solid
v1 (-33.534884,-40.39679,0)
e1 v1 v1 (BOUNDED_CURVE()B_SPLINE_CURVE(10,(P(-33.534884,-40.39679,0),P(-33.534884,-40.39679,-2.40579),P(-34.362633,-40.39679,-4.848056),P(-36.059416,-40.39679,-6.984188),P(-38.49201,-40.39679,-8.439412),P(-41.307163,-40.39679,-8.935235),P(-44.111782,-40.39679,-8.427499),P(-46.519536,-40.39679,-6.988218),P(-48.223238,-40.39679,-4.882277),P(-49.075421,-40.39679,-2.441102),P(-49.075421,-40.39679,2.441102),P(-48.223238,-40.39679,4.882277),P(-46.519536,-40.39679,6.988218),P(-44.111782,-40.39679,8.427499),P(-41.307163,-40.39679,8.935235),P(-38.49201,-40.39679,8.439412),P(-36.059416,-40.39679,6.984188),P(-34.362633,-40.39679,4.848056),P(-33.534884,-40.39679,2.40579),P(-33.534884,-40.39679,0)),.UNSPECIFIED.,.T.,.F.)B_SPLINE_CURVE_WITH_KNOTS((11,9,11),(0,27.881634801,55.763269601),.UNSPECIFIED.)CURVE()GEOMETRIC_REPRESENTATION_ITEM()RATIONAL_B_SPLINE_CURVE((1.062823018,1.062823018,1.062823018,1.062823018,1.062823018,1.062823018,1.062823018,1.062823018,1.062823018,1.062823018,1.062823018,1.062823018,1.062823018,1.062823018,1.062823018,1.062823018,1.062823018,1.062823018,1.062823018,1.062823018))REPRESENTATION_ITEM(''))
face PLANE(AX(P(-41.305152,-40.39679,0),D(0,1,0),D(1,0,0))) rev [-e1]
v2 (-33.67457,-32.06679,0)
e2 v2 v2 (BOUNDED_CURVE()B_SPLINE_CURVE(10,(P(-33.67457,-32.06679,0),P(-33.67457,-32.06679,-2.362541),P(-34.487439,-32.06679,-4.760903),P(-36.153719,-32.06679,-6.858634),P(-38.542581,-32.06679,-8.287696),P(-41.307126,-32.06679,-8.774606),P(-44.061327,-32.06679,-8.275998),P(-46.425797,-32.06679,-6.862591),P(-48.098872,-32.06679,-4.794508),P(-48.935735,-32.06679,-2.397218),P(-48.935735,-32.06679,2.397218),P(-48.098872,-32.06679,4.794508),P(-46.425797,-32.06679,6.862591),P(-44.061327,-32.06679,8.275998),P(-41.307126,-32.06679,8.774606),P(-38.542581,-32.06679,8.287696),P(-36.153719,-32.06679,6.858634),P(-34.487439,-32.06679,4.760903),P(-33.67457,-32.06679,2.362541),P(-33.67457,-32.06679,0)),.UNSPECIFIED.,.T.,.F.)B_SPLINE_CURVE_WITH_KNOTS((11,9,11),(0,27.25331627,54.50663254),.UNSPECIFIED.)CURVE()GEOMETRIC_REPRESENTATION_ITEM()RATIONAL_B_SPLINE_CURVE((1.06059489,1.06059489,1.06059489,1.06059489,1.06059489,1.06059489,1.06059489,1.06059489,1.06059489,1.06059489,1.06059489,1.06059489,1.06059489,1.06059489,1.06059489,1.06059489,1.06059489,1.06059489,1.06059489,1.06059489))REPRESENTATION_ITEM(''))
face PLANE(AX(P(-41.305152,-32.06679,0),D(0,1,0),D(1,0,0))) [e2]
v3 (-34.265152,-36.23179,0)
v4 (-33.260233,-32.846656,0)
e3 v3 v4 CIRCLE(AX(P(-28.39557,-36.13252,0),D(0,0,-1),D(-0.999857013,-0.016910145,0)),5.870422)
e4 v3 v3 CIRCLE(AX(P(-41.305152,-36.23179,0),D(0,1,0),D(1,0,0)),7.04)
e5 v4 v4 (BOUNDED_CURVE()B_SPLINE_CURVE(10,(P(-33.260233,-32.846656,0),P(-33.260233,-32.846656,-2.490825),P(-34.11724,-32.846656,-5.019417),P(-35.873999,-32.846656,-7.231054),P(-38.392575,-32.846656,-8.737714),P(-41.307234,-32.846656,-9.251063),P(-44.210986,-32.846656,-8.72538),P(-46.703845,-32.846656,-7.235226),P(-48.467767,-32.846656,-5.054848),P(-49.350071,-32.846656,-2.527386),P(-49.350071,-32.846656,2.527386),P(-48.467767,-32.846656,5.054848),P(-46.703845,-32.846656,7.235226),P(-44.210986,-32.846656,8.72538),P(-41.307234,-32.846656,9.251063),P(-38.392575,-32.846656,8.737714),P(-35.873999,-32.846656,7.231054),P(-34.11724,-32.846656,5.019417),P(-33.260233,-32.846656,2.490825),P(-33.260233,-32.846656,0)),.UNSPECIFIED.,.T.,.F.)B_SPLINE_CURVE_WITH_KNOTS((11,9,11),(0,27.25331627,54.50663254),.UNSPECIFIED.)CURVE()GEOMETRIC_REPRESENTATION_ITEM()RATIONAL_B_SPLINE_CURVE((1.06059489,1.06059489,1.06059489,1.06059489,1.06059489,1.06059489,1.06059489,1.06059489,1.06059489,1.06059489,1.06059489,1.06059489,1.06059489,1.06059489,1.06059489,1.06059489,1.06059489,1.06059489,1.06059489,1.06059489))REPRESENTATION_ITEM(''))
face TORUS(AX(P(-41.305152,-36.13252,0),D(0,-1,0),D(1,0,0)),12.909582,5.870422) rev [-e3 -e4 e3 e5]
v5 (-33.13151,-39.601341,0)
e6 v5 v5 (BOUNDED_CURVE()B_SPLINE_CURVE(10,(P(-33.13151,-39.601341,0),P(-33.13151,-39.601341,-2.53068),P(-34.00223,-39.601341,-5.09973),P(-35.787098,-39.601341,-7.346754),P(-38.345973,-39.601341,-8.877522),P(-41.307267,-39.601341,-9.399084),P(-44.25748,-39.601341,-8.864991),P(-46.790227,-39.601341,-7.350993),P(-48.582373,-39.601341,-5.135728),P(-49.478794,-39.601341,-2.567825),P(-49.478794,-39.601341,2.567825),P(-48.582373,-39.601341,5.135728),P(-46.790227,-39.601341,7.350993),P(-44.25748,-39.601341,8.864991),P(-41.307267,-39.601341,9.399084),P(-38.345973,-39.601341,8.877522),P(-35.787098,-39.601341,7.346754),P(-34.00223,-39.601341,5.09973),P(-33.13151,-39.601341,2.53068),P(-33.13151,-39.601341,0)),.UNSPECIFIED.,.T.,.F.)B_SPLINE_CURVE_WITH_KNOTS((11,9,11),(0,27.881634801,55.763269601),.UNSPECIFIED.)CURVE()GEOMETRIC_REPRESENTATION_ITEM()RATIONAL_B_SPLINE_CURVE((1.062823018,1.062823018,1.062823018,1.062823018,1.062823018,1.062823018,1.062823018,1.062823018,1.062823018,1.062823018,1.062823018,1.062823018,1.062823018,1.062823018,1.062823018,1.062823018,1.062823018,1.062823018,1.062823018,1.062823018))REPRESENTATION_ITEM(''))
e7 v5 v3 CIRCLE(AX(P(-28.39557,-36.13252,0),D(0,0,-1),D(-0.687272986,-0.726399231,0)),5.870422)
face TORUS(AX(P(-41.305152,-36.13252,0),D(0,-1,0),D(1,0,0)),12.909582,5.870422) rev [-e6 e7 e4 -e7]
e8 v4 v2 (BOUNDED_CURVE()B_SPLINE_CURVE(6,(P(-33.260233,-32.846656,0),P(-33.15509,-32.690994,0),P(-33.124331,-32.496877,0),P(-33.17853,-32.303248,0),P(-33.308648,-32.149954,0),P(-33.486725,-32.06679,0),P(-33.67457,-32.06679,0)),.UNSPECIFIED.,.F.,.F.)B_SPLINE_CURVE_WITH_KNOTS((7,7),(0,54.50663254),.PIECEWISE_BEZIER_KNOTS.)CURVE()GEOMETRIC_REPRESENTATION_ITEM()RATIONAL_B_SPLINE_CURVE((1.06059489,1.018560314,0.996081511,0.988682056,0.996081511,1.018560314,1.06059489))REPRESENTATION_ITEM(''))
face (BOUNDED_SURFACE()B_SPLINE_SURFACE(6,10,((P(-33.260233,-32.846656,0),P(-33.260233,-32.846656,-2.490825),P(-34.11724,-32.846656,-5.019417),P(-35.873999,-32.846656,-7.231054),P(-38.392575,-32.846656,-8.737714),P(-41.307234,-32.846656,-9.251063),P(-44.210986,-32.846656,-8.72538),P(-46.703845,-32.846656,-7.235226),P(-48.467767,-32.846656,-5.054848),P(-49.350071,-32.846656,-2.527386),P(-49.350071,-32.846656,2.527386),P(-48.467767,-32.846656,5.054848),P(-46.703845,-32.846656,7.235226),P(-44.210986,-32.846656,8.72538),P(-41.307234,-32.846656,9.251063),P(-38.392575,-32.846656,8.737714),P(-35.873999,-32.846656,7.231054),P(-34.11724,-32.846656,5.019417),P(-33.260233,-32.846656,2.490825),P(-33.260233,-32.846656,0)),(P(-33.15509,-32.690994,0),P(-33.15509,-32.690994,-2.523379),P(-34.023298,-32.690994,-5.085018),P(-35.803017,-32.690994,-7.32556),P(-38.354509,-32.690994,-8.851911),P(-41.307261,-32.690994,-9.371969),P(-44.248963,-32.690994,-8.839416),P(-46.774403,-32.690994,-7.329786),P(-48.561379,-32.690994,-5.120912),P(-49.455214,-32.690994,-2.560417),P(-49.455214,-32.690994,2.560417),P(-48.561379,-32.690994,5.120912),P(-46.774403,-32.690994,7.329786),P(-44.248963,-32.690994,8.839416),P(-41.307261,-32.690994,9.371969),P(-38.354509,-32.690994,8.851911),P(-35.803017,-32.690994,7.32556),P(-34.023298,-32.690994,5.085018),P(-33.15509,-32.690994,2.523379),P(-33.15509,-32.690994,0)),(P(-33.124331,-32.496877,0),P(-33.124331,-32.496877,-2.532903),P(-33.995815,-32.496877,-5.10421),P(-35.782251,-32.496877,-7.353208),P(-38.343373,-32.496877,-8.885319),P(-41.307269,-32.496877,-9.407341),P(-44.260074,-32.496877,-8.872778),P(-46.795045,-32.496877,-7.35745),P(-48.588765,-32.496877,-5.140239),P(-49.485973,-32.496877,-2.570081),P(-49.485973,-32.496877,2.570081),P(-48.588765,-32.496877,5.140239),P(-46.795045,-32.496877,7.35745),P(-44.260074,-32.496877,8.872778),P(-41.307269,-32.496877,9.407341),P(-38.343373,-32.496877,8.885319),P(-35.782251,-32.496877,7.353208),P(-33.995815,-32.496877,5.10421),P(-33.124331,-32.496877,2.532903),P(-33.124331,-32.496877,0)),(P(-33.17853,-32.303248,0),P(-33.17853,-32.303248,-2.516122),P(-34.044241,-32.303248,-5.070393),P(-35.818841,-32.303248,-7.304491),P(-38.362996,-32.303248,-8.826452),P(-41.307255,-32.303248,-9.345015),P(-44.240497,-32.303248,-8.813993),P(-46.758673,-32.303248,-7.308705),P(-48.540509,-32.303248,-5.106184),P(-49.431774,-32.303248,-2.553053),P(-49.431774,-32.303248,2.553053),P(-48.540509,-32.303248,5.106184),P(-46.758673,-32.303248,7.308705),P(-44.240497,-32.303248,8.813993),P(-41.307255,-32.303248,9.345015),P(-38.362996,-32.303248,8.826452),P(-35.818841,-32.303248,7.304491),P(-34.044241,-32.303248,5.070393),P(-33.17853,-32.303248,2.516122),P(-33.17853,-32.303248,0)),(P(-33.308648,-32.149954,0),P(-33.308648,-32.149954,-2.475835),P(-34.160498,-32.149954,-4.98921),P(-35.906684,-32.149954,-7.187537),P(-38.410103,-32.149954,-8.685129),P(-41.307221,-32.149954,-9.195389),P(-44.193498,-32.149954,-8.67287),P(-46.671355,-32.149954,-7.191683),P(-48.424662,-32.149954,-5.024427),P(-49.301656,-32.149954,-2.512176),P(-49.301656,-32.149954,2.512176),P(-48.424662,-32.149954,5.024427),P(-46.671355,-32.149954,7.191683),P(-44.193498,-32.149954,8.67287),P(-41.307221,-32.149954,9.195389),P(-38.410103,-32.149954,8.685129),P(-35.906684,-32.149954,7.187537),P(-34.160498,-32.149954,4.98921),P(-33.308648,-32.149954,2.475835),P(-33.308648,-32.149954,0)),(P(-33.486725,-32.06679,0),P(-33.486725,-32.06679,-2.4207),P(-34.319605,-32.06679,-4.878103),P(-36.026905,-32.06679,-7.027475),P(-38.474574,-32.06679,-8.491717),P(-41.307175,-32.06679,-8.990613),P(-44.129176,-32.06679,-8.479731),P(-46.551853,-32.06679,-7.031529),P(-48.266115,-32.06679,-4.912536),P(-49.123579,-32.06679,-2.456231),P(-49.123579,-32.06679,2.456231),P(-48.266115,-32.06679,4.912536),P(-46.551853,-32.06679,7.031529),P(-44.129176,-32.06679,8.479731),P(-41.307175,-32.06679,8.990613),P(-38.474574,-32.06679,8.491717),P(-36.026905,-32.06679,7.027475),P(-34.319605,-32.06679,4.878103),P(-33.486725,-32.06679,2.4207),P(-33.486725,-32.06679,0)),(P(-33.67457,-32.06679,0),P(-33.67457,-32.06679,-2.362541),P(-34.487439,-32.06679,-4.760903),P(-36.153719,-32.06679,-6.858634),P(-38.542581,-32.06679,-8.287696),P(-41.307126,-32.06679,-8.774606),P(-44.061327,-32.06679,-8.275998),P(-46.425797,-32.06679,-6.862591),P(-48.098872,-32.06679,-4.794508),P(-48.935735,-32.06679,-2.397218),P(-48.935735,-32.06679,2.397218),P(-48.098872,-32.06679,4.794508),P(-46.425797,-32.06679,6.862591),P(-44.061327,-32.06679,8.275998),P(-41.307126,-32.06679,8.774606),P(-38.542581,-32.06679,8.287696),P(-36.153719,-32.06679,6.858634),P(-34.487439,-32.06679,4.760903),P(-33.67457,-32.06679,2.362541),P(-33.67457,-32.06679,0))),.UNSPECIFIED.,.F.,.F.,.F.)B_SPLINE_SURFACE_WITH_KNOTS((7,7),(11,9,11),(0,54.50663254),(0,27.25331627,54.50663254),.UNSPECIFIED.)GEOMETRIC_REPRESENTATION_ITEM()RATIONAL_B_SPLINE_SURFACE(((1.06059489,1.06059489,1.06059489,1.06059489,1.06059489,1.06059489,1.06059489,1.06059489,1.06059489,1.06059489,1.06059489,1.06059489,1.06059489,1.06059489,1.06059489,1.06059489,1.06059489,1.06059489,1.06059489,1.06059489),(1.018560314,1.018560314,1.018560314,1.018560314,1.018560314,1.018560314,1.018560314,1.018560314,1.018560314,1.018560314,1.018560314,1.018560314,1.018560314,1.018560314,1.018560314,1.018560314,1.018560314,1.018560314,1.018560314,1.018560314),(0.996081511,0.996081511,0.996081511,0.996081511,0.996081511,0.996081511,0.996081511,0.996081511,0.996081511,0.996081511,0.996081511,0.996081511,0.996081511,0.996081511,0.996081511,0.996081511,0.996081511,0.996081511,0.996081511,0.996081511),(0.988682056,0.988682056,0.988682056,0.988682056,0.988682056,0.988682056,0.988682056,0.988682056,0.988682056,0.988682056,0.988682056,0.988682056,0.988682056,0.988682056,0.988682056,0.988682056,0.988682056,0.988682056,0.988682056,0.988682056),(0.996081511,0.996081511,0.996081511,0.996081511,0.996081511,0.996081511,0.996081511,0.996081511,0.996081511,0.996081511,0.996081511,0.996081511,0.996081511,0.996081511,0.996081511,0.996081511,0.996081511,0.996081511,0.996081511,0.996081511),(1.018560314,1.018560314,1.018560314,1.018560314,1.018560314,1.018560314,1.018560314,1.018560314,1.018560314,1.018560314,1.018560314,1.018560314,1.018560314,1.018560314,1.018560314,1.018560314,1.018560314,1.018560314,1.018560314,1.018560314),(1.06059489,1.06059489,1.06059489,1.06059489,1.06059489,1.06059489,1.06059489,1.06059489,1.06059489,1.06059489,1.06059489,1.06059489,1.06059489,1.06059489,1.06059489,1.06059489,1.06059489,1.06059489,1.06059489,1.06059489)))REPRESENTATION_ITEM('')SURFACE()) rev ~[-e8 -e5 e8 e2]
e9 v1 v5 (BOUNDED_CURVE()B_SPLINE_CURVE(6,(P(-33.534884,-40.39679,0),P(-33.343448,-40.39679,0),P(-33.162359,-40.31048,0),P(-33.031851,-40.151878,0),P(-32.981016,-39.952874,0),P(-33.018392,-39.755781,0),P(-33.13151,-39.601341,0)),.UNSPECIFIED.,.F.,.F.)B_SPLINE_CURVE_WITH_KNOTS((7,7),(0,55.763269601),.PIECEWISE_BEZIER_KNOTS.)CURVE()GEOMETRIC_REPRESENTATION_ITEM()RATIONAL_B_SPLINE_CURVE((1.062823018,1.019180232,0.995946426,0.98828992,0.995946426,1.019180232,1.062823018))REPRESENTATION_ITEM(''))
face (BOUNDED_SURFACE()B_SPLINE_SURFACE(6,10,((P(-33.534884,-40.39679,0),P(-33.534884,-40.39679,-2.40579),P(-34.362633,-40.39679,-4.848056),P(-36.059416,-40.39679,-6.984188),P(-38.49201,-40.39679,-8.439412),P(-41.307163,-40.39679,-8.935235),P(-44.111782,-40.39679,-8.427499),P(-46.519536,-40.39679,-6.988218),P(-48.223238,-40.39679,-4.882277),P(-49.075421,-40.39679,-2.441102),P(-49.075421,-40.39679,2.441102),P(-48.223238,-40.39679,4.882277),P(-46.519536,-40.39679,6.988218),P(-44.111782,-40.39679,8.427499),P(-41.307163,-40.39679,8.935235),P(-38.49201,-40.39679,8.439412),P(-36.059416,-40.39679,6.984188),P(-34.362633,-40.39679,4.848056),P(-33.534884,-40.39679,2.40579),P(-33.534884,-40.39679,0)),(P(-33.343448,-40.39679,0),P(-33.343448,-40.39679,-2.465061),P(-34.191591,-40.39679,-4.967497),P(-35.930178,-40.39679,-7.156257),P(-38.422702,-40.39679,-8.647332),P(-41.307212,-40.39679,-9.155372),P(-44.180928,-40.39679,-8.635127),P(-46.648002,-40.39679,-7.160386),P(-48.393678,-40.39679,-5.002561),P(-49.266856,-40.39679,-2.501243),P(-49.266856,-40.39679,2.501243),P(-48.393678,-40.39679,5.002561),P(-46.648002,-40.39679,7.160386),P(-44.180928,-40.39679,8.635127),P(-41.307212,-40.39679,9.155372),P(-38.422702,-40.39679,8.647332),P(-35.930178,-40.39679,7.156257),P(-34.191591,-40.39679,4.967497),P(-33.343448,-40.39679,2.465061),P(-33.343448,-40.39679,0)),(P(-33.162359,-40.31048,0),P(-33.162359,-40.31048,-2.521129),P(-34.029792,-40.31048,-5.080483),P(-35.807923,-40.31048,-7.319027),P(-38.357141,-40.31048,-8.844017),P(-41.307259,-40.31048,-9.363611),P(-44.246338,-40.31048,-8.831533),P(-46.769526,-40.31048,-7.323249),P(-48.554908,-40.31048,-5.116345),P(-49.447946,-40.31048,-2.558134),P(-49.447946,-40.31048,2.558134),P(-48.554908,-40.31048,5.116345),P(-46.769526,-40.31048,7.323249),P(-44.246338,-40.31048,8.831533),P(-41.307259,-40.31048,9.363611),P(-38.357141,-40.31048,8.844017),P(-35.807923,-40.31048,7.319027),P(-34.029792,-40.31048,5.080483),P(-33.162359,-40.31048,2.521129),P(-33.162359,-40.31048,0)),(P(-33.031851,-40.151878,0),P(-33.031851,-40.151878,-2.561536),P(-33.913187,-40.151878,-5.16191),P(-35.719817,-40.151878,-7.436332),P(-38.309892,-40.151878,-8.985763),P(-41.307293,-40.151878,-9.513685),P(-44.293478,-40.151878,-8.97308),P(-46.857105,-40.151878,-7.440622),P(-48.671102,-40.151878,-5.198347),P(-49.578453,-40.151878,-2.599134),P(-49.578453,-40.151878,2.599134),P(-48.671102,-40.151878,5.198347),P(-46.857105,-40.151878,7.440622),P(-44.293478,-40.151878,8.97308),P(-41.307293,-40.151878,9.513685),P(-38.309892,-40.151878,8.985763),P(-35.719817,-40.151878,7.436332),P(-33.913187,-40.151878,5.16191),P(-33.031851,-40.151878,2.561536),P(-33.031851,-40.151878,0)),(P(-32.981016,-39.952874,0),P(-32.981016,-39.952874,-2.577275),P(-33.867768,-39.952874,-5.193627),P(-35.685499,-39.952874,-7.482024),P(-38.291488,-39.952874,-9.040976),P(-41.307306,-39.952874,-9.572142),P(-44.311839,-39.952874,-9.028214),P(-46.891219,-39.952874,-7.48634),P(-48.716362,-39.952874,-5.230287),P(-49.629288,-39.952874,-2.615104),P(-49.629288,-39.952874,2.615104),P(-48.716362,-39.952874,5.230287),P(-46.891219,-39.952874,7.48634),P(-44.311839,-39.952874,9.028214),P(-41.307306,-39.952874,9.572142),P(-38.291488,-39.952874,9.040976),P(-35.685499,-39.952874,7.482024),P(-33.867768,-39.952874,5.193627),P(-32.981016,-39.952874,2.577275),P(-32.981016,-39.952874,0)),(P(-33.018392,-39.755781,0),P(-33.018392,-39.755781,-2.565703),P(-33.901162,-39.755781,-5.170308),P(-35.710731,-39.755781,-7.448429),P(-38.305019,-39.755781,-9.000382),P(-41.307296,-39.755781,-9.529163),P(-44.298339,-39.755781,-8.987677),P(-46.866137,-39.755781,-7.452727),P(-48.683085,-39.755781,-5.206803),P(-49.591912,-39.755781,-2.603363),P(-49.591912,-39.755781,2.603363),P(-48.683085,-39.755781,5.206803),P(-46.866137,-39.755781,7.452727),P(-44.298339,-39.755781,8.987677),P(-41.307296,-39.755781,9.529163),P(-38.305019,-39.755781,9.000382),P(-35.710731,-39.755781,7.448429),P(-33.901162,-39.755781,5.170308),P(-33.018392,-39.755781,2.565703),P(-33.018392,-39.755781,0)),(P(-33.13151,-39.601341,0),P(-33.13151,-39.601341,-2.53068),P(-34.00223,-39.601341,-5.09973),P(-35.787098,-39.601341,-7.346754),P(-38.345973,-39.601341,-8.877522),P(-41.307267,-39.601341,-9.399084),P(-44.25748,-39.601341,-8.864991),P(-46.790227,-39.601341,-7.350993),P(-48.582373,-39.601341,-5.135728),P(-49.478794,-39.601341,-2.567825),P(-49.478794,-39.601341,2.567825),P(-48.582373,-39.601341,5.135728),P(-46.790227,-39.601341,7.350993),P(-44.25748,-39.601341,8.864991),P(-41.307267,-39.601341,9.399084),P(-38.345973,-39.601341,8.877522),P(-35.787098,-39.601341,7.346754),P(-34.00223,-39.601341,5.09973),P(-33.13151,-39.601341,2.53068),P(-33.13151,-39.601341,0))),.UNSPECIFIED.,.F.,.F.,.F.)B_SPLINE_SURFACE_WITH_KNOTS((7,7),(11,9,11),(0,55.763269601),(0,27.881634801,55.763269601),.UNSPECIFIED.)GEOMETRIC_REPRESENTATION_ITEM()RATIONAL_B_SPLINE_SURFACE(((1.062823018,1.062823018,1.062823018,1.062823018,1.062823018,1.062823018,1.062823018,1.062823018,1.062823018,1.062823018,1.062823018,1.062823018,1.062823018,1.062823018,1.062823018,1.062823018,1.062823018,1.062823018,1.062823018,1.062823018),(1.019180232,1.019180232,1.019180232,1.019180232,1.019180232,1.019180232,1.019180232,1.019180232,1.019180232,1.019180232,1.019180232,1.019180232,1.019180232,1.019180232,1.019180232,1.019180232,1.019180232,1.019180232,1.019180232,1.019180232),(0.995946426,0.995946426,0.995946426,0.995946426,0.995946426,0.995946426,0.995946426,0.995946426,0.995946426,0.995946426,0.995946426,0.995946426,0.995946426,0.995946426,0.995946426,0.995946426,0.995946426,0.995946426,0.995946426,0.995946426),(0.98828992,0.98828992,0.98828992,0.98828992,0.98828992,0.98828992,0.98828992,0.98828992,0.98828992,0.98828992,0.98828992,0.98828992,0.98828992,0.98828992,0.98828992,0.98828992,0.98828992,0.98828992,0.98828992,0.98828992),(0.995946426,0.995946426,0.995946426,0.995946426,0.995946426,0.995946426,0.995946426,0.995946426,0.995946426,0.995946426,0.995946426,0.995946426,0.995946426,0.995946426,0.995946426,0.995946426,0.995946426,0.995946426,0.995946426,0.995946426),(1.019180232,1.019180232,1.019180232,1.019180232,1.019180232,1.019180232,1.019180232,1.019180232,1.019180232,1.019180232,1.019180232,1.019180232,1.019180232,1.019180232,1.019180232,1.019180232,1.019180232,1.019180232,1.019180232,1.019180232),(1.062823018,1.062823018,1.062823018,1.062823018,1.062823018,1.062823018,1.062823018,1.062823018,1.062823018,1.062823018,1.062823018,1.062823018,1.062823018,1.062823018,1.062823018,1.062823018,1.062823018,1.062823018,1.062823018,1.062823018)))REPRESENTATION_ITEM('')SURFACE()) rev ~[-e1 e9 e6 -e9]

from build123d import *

# Parameters (mm, degrees)
F2_R = 0.5


with BuildPart() as f1:
    # F0 (on Top) → F1 (revolve)
    with BuildSketch(Plane.XY):
        with BuildLine():
            Line((-41.3051520586, -36.2317898357), (-41.3051520586, -40.3967898357))
            Line((-41.3051520586, -40.3967898357), (-32.4301520586, -40.3967898357))
            ThreePointArc((-32.4301520586, -40.3967898357), (-33.7677132318, -38.499358804), (-34.2651520586, -36.2317898357))
            Line((-34.2651520586, -36.2317898357), (-41.3051520586, -36.2317898357))
        make_face()
        with BuildLine():
            Line((-41.3051520586, -32.0667898357), (-41.3051520586, -36.2317898357))
            Line((-41.3051520586, -36.2317898357), (-34.2651520586, -36.2317898357))
            ThreePointArc((-34.2651520586, -36.2317898357), (-33.8600314845, -33.987407396), (-32.6301520586, -32.0667898357))
            Line((-32.6301520586, -32.0667898357), (-41.3051520586, -32.0667898357))
        make_face()
    revolve(axis=Axis((-41.3051520586, -36.2317898357, 0), (0, 1, 0)))

    # F2
    f2_edges = [f1.edges().sort_by_distance(p)[0] for p in [
        (-50.180152, -40.39679, 0),
        (-49.980152, -32.06679, 0),
    ]]
    fillet(f2_edges, radius=F2_R)


solid = f1.part
